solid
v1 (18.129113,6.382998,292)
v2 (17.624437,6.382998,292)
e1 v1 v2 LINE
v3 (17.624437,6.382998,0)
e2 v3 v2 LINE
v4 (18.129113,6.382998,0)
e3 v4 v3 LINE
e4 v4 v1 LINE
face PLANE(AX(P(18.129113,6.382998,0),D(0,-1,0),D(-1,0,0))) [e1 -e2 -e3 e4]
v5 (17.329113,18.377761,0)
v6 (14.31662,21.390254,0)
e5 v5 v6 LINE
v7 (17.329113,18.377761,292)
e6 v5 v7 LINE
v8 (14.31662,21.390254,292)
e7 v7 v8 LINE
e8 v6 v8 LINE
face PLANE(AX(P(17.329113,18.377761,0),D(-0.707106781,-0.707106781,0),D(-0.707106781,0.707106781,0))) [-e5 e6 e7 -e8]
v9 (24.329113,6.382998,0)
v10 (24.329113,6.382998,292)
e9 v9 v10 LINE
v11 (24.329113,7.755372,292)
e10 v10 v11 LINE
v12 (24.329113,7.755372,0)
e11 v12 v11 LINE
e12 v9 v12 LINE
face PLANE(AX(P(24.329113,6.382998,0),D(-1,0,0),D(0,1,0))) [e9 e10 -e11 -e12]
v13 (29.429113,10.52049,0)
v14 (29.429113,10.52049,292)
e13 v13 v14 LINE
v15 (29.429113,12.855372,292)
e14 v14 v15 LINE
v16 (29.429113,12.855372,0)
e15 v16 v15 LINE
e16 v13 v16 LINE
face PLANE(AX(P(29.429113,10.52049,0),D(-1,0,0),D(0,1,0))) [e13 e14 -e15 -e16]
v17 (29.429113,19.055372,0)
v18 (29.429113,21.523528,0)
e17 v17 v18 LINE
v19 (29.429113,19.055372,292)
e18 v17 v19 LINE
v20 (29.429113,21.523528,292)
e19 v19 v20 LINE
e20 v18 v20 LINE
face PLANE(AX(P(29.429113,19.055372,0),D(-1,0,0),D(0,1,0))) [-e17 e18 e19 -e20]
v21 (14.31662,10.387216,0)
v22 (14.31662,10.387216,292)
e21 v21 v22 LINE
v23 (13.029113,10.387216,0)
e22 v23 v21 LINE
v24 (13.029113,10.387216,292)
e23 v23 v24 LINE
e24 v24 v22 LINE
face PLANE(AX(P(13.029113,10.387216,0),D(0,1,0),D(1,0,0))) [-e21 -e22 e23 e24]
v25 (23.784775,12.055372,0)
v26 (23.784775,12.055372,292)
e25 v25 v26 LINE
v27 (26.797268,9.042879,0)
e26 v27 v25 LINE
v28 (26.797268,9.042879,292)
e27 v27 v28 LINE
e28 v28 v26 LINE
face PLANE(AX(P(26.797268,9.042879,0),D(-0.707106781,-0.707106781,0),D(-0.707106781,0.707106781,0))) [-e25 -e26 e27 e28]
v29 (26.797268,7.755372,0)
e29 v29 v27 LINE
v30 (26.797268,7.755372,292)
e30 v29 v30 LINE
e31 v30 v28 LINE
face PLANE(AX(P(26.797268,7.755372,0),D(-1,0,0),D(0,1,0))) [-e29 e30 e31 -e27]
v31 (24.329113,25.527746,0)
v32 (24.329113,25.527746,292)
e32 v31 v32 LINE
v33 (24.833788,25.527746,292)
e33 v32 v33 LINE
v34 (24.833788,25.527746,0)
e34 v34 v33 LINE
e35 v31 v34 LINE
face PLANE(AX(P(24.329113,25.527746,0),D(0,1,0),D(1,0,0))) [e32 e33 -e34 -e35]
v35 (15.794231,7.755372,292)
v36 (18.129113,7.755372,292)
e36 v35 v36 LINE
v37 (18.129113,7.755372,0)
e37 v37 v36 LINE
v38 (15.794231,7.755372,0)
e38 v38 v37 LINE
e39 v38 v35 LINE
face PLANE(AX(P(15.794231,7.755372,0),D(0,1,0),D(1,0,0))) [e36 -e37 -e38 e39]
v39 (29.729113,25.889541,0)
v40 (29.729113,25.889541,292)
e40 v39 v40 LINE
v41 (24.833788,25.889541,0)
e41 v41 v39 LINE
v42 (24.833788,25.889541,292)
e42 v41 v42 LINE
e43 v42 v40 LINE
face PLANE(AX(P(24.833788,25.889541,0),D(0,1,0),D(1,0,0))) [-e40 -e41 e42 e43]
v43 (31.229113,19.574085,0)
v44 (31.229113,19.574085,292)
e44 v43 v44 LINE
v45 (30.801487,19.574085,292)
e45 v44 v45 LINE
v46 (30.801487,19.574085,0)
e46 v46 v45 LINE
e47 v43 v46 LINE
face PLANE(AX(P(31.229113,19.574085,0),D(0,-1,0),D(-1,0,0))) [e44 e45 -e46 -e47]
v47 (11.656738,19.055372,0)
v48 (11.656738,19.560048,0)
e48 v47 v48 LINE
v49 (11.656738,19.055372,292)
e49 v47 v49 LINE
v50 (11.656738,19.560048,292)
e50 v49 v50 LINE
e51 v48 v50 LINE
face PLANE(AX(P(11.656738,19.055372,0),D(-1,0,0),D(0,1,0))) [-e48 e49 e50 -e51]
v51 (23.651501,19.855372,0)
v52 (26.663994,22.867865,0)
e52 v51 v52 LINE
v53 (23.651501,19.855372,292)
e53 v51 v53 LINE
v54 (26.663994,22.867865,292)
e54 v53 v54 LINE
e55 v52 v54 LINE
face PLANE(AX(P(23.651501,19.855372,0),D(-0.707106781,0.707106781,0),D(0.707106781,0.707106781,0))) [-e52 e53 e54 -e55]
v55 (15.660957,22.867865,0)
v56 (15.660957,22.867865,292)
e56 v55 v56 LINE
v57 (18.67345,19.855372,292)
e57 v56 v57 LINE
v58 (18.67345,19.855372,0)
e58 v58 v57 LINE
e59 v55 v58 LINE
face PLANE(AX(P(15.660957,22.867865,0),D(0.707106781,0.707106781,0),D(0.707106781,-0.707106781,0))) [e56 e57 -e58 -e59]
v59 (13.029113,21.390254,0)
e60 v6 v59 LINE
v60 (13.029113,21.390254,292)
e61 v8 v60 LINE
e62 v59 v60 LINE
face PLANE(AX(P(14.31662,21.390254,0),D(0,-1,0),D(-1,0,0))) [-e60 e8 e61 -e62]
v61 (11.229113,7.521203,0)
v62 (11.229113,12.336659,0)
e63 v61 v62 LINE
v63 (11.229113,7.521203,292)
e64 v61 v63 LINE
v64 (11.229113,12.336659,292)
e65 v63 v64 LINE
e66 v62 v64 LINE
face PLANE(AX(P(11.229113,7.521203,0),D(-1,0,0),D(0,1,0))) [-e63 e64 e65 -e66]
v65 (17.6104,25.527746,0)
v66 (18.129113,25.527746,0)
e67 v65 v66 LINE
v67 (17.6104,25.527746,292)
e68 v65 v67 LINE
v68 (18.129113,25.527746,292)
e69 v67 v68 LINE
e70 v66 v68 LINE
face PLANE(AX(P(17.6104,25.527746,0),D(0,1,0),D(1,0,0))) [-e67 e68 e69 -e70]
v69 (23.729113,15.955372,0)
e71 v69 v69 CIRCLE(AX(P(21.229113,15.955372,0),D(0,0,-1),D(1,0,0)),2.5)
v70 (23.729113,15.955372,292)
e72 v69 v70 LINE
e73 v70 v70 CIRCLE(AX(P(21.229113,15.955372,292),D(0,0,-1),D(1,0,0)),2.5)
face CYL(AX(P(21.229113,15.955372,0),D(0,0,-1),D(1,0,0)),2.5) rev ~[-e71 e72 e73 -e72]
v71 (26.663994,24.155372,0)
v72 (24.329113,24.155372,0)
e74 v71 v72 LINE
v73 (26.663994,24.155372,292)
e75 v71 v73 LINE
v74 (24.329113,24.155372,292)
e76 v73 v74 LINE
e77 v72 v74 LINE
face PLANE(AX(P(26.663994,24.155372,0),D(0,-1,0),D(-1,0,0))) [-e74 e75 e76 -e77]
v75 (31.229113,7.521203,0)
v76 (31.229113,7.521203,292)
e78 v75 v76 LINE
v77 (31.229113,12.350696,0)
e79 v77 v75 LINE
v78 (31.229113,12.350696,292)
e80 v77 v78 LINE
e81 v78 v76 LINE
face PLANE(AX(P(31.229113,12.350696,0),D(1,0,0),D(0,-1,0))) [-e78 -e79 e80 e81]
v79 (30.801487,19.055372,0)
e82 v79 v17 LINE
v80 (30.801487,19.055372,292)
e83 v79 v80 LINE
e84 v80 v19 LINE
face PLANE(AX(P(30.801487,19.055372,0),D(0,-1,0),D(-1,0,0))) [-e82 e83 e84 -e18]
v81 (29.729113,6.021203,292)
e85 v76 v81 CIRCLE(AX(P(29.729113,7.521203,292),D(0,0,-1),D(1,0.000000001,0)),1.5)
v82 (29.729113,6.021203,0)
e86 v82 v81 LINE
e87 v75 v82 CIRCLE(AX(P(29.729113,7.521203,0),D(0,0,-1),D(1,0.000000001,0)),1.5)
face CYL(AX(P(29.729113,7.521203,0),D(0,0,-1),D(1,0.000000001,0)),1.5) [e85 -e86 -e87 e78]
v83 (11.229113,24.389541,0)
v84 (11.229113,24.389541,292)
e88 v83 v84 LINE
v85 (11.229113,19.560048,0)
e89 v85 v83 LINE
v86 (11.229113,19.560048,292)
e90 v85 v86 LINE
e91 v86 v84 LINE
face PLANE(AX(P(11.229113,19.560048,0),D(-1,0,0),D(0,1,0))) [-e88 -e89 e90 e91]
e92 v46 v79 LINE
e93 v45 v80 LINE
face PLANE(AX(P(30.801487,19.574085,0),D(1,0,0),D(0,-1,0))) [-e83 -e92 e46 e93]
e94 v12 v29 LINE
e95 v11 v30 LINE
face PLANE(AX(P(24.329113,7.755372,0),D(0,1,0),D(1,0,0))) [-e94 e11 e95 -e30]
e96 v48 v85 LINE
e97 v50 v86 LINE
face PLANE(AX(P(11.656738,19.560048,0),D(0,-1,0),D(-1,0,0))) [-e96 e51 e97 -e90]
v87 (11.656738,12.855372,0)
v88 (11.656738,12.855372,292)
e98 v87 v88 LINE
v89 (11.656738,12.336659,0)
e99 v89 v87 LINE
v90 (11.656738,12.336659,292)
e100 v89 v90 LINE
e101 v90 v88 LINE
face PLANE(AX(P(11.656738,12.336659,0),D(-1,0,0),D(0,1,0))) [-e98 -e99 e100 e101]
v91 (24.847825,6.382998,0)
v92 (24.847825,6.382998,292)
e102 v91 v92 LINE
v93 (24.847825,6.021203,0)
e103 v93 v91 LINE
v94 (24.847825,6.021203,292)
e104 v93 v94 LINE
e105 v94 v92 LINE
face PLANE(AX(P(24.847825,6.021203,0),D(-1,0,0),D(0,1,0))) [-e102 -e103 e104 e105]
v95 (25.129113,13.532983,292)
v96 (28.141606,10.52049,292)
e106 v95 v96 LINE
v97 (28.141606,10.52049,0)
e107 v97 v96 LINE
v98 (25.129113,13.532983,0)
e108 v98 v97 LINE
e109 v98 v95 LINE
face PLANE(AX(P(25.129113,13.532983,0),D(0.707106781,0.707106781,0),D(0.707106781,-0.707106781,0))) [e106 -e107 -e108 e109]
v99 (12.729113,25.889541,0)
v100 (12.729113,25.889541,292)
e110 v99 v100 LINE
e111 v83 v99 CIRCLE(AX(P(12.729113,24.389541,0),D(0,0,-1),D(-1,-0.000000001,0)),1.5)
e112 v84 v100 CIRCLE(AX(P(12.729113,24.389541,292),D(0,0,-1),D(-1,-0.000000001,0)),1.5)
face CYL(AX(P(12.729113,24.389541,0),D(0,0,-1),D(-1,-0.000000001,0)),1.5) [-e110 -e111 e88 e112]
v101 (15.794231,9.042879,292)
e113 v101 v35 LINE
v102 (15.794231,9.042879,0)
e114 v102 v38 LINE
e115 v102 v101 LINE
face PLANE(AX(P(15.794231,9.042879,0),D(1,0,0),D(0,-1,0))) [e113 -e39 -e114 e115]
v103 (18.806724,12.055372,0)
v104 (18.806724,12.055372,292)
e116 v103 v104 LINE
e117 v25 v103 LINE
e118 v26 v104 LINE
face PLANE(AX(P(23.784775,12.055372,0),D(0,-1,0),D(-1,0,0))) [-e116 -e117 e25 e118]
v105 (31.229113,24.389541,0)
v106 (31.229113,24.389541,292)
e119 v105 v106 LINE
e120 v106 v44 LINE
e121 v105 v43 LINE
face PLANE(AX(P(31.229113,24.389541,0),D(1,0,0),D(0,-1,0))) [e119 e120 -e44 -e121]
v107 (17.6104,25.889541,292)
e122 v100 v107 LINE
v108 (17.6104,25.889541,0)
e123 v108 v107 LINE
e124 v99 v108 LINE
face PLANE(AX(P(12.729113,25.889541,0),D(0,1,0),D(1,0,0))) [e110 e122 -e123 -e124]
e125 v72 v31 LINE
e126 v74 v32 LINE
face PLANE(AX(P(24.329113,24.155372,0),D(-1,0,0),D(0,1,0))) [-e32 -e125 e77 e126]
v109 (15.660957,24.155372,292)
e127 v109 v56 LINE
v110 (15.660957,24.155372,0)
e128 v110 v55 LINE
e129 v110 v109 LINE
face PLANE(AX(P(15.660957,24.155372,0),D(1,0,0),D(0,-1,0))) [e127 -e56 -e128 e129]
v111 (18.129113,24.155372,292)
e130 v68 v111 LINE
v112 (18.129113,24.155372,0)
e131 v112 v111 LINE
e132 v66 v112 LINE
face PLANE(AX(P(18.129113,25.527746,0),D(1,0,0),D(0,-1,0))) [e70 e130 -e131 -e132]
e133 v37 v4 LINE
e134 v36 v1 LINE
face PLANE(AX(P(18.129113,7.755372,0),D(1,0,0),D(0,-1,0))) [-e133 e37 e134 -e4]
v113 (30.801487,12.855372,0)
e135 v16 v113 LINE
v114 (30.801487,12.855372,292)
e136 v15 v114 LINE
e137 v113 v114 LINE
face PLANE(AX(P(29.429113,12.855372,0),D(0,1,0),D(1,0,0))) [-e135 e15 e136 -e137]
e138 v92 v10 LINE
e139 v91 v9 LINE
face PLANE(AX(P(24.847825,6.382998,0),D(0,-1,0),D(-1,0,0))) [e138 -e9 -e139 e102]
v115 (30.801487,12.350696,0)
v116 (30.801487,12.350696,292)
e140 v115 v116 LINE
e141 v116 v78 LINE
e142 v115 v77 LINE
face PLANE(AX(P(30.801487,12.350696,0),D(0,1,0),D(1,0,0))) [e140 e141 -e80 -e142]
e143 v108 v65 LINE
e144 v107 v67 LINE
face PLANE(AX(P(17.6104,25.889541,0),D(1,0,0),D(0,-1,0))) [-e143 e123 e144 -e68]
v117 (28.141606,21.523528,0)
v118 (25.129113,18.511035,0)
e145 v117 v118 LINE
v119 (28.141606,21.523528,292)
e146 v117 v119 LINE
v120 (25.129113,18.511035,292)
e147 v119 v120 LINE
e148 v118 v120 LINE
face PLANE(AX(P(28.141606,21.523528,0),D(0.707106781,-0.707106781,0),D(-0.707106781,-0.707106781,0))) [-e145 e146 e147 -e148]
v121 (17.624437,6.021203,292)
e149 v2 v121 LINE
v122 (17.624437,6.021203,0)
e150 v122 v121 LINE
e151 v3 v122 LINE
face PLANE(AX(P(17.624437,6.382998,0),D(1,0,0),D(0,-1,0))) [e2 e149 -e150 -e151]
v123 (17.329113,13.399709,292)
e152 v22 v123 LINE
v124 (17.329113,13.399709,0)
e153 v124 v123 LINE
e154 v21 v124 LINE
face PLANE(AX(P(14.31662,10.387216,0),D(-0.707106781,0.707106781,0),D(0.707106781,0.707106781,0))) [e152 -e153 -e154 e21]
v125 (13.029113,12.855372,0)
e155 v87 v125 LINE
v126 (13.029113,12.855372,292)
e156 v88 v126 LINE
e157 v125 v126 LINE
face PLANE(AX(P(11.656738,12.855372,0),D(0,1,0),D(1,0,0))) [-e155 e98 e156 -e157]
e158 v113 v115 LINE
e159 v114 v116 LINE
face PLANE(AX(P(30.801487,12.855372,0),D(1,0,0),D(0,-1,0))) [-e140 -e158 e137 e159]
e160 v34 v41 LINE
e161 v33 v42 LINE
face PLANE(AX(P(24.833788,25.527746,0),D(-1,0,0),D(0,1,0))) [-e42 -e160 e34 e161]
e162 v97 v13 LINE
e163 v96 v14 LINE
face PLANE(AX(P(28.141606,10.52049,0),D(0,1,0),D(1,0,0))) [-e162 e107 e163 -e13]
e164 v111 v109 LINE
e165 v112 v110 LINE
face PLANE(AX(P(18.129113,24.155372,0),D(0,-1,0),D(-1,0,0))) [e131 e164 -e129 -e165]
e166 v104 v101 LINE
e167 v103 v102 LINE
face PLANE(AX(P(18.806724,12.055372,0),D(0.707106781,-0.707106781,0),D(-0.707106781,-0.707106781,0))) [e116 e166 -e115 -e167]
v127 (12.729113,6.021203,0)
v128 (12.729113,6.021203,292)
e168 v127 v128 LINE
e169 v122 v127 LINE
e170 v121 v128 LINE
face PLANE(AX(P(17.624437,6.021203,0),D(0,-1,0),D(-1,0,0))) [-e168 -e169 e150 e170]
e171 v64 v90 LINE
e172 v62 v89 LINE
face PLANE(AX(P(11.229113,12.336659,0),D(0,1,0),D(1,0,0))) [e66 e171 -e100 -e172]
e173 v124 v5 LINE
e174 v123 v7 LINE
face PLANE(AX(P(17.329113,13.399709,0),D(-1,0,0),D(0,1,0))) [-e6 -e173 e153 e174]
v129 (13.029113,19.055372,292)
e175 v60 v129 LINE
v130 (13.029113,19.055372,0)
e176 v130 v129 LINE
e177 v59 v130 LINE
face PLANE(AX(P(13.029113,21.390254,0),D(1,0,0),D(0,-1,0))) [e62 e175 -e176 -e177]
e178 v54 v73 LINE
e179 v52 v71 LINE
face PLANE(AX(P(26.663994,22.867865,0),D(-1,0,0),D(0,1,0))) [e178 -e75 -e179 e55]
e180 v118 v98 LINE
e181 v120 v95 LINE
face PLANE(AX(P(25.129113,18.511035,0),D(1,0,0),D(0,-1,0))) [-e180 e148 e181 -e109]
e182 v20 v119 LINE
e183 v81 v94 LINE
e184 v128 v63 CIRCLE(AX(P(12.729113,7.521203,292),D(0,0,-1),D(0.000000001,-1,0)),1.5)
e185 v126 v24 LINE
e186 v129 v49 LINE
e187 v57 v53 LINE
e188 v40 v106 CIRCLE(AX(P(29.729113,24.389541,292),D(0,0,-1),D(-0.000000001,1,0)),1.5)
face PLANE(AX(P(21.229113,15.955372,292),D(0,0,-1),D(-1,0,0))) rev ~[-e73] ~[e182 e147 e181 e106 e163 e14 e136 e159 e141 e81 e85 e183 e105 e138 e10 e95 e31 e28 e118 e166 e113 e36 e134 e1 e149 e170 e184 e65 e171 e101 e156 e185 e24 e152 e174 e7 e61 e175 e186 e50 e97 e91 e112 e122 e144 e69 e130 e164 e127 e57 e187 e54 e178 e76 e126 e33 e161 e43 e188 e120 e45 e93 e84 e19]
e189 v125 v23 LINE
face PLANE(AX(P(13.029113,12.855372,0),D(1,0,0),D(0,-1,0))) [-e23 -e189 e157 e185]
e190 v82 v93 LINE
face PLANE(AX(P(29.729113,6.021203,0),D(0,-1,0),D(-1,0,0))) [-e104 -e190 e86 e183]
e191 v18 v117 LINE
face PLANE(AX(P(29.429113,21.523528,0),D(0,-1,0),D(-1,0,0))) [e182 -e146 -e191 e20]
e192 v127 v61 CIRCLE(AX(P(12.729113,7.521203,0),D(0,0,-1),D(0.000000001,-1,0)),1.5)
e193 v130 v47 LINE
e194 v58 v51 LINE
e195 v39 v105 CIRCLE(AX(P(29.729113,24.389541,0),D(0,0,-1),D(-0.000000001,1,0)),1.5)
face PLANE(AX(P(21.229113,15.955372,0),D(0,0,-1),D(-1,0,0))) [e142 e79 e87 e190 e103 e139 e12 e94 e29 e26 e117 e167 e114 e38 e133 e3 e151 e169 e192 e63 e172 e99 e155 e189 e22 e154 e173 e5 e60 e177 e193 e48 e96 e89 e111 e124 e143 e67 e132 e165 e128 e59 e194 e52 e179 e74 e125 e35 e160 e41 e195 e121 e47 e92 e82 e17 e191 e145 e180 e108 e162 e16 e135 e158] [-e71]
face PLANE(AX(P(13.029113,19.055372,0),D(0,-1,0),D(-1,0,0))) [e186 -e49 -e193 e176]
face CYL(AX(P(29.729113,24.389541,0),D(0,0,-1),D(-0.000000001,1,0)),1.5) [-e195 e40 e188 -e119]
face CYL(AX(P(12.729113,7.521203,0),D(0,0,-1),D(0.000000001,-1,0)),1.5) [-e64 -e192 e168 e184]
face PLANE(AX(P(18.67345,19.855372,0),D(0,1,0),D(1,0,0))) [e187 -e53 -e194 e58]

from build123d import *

# Parameters (mm, degrees)
SKETCH1_R           = 2.5
BOSS_EXTRUDE1_DEPTH = 292


with BuildPart() as part:
    # Sketch1 → Boss-Extrude1 (new body)
    with BuildSketch(Plane(origin=(0, 0, 0), x_dir=(-1, 0, 0), z_dir=(0, 0, -1))):
        with BuildLine():
            Line((-31.229112559, 24.389540696), (-31.229112559, 19.574084592))
            Line((-31.229112559, 19.574084592), (-30.801486653, 19.574084592))
            Line((-30.801486653, 19.574084592), (-30.801486653, 19.055371932))
            Line((-30.801486653, 19.055371932), (-29.429112559, 19.055371932))
            Line((-29.429112559, 19.055371932), (-29.429112559, 21.523527696))
            Line((-29.429112559, 21.523527696), (-28.141605593, 21.523527696))
            Line((-28.141605593, 21.523527696), (-25.129112559, 18.511034662))
            Line((-25.129112559, 18.511034662), (-25.129112559, 13.532983276))
            Line((-25.129112559, 13.532983276), (-28.141605593, 10.520490242))
            Line((-28.141605593, 10.520490242), (-29.429112559, 10.520490242))
            Line((-29.429112559, 10.520490242), (-29.429112559, 12.855371932))
            Line((-29.429112559, 12.855371932), (-30.801486653, 12.855371932))
            Line((-30.801486653, 12.855371932), (-30.801486653, 12.350696072))
            Line((-30.801486653, 12.350696072), (-31.229112559, 12.350696072))
            Line((-31.229112559, 12.350696072), (-31.229112559, 7.521203168))
            ThreePointArc((-31.229112559, 7.521203168), (-30.789772731, 6.460542996), (-29.729112559, 6.021203168))
            Line((-29.729112559, 6.021203168), (-24.847825219, 6.021203168))
            Line((-24.847825219, 6.021203168), (-24.847825219, 6.382997838))
            Line((-24.847825219, 6.382997838), (-24.329112559, 6.382997838))
            Line((-24.329112559, 6.382997838), (-24.329112559, 7.755371932))
            Line((-24.329112559, 7.755371932), (-26.797268323, 7.755371932))
            Line((-26.797268323, 7.755371932), (-26.797268323, 9.042878898))
            Line((-26.797268323, 9.042878898), (-23.784775289, 12.055371932))
            Line((-23.784775289, 12.055371932), (-18.806723903, 12.055371932))
            Line((-18.806723903, 12.055371932), (-15.794230869, 9.042878898))
            Line((-15.794230869, 9.042878898), (-15.794230869, 7.755371932))
            Line((-15.794230869, 7.755371932), (-18.129112559, 7.755371932))
            Line((-18.129112559, 7.755371932), (-18.129112559, 6.382997838))
            Line((-18.129112559, 6.382997838), (-17.624436699, 6.382997838))
            Line((-17.624436699, 6.382997838), (-17.624436699, 6.021203168))
            Line((-17.624436699, 6.021203168), (-12.729112559, 6.021203168))
            ThreePointArc((-12.729112559, 6.021203168), (-11.668452387, 6.460542996), (-11.229112559, 7.521203168))
            Line((-11.229112559, 7.521203168), (-11.229112559, 12.336659272))
            Line((-11.229112559, 12.336659272), (-11.656738465, 12.336659272))
            Line((-11.656738465, 12.336659272), (-11.656738465, 12.855371932))
            Line((-11.656738465, 12.855371932), (-13.029112559, 12.855371932))
            Line((-13.029112559, 12.855371932), (-13.029112559, 10.387216168))
            Line((-13.029112559, 10.387216168), (-14.316619525, 10.387216168))
            Line((-14.316619525, 10.387216168), (-17.329112559, 13.399709202))
            Line((-17.329112559, 13.399709202), (-17.329112559, 18.377760588))
            Line((-17.329112559, 18.377760588), (-14.316619525, 21.390253622))
            Line((-14.316619525, 21.390253622), (-13.029112559, 21.390253622))
            Line((-13.029112559, 21.390253622), (-13.029112559, 19.055371932))
            Line((-13.029112559, 19.055371932), (-11.656738465, 19.055371932))
            Line((-11.656738465, 19.055371932), (-11.656738465, 19.560047792))
            Line((-11.656738465, 19.560047792), (-11.229112559, 19.560047792))
            Line((-11.229112559, 19.560047792), (-11.229112559, 24.389540696))
            ThreePointArc((-11.229112559, 24.389540696), (-11.668452387, 25.450200868), (-12.729112559, 25.889540696))
            Line((-12.729112559, 25.889540696), (-17.610399899, 25.889540696))
            Line((-17.610399899, 25.889540696), (-17.610399899, 25.527746026))
            Line((-17.610399899, 25.527746026), (-18.129112559, 25.527746026))
            Line((-18.129112559, 25.527746026), (-18.129112559, 24.155371932))
            Line((-18.129112559, 24.155371932), (-15.660956795, 24.155371932))
            Line((-15.660956795, 24.155371932), (-15.660956795, 22.867864966))
            Line((-15.660956795, 22.867864966), (-18.673449829, 19.855371932))
            Line((-18.673449829, 19.855371932), (-23.651501215, 19.855371932))
            Line((-23.651501215, 19.855371932), (-26.663994249, 22.867864966))
            Line((-26.663994249, 22.867864966), (-26.663994249, 24.155371932))
            Line((-26.663994249, 24.155371932), (-24.329112559, 24.155371932))
            Line((-24.329112559, 24.155371932), (-24.329112559, 25.527746026))
            Line((-24.329112559, 25.527746026), (-24.833788419, 25.527746026))
            Line((-24.833788419, 25.527746026), (-24.833788419, 25.889540696))
            Line((-24.833788419, 25.889540696), (-29.729112559, 25.889540696))
            ThreePointArc((-29.729112559, 25.889540696), (-30.789772731, 25.450200868), (-31.229112559, 24.389540696))
        make_face()
        with Locations(Location((-21.229112559, 15.955371932, 0), (0, 0, 180))):
            Circle(SKETCH1_R, mode=Mode.SUBTRACT)
    extrude(amount=-BOSS_EXTRUDE1_DEPTH)


solid = part.part
